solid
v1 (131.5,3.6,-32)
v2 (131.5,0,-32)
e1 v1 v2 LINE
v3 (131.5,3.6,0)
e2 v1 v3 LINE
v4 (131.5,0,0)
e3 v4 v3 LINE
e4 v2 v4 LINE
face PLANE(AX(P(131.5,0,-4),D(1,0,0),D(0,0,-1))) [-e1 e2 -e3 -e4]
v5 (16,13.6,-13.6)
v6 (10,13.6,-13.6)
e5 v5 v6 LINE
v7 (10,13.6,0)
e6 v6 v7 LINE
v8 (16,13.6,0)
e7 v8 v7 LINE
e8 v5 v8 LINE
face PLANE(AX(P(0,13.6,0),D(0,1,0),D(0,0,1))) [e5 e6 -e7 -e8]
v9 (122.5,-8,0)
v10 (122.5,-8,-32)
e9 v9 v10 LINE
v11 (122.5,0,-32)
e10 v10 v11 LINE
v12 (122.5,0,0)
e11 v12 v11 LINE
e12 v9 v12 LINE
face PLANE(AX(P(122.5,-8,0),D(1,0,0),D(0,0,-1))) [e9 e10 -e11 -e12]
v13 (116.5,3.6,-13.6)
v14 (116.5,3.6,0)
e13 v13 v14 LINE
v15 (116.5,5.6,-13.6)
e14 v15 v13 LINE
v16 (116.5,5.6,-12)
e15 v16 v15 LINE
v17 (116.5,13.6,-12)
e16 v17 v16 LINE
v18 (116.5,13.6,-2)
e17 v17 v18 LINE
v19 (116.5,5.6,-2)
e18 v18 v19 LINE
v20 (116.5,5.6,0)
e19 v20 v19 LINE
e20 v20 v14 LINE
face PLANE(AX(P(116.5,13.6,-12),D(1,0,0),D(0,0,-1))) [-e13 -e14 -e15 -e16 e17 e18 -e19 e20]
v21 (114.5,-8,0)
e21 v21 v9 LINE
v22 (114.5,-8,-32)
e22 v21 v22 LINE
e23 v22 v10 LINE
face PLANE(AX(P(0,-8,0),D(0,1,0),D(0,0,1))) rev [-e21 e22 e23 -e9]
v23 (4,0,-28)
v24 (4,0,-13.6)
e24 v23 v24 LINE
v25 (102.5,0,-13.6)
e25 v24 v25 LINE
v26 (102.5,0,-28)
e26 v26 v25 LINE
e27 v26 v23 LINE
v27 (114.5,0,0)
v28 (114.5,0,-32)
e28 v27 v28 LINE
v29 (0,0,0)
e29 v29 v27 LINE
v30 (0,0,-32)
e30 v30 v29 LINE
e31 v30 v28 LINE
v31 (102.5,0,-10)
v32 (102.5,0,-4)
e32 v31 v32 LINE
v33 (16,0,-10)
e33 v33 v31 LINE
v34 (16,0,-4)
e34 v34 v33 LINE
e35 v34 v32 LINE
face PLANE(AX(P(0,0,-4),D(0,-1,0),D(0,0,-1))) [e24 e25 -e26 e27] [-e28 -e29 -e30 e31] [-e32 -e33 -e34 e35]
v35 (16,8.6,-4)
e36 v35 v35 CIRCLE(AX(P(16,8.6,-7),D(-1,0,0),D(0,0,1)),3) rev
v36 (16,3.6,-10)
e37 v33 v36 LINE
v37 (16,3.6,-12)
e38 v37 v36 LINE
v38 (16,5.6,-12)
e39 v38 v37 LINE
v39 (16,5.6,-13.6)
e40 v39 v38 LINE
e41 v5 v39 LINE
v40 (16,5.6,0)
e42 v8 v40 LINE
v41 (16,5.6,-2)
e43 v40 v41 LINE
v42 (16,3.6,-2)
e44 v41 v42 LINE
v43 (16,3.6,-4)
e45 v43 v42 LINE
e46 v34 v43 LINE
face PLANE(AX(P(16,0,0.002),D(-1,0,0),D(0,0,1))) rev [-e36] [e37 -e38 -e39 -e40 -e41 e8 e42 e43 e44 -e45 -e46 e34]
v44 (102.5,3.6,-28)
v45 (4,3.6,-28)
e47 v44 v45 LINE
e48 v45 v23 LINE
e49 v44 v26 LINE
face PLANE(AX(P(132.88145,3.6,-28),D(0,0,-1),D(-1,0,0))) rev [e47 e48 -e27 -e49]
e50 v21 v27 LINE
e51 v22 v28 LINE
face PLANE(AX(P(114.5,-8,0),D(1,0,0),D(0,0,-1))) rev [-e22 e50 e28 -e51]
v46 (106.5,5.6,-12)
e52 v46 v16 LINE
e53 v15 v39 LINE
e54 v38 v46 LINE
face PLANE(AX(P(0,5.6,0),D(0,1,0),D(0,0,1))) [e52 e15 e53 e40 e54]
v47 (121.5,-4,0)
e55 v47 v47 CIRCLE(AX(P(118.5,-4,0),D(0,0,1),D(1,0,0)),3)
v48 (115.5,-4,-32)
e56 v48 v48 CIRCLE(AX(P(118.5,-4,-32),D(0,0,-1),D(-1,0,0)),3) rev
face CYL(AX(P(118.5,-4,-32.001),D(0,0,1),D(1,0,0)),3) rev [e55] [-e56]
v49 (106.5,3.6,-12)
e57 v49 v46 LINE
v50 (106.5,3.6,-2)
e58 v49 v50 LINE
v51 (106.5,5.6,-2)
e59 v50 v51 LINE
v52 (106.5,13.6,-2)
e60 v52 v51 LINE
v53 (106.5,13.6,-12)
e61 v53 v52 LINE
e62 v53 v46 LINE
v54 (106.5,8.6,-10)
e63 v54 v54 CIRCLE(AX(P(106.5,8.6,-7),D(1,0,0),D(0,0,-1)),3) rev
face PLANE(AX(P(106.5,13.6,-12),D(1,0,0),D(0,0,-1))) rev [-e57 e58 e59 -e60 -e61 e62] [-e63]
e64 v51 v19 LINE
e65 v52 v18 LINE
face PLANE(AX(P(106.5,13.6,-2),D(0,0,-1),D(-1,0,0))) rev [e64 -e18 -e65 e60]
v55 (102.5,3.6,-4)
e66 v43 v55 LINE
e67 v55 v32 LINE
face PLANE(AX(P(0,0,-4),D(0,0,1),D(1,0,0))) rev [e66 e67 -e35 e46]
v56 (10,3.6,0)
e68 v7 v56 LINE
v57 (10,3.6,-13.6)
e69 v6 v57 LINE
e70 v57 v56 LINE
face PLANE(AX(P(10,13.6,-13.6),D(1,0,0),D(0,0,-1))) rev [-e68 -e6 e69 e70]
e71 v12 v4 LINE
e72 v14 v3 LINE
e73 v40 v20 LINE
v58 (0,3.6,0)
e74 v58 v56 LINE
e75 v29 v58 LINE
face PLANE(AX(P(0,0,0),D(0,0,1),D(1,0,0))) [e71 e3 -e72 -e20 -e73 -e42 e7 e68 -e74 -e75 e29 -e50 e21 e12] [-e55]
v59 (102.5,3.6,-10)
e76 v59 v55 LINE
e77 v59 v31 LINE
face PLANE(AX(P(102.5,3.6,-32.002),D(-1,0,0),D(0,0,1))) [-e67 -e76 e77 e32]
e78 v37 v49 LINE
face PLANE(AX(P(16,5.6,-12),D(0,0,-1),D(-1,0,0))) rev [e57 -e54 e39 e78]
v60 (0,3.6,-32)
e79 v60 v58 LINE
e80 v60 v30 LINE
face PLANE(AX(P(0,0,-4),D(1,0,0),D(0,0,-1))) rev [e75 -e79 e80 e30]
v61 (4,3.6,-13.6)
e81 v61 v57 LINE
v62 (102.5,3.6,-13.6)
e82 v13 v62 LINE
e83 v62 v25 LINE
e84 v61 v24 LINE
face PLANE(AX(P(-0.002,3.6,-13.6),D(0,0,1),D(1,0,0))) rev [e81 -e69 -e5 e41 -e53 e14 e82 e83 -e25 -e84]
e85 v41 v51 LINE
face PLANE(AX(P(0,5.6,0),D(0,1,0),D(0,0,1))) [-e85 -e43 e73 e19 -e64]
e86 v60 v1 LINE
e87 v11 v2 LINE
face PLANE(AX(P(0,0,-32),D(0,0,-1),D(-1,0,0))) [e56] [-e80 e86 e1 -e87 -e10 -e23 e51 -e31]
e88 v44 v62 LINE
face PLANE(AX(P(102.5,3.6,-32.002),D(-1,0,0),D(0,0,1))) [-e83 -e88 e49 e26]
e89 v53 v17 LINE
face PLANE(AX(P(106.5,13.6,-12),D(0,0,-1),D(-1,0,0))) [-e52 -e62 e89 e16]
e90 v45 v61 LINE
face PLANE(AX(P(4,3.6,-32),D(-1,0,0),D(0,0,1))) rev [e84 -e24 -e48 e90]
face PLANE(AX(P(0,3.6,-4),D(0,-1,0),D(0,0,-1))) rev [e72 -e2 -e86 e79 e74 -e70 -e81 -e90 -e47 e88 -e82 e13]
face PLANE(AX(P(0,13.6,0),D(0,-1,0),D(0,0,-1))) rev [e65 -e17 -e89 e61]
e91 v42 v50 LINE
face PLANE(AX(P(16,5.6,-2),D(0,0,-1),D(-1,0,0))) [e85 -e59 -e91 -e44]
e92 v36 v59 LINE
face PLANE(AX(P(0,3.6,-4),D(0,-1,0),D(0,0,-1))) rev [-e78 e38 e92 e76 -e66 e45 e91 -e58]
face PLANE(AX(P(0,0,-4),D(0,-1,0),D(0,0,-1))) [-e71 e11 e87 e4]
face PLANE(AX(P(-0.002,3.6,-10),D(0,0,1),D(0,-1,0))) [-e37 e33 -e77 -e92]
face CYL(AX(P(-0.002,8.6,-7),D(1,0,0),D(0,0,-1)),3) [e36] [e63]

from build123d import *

# Parameters (mm, degrees)
SKETCH_1_W          = 131.5
SKETCH_1_H          = 3.6
EXTRUDE_1_DEPTH     = 4
SKETCH_2_W          = 4
SKETCH_2_H          = 3.6
EXTRUDE_2_DEPTH     = 28
SKETCH_3_W          = 4
SKETCH_3_H          = 3.6
EXTRUDE_3_DEPTH     = 28
SKETCH_4_W          = 4
SKETCH_4_H          = 3.6
EXTRUDE_4_DEPTH     = 123.5
SKETCH_5_W          = 8
SKETCH_5_H          = 32
EXTRUDE_5_DEPTH     = 8
CUT_EXTRUDE_1_REACH = 137.574
SKETCH_6_R          = 3
EXTRUDE_6_REACH     = 136.686
SKETCH_7_W          = 25
SKETCH_7_H          = 3.6
EXTRUDE_7_REACH     = 109.677
SKETCH_8_W          = 3.6
SKETCH_8_H          = 3.6
SKETCH_13_W         = 10
SKETCH_13_H         = 10
EXTRUDE_8_DEPTH     = 10
EXTRUDE_9_REACH     = 136.019
SKETCH_14_W         = 12
SKETCH_14_H         = 3.6
SKETCH_15_W         = 6
SKETCH_15_H         = 13.6
EXTRUDE_10_DEPTH    = 10
EXTRUDE_11_REACH    = 114.032
SKETCH_16_R         = 3
SKETCH_17_W         = 100.5
SKETCH_17_H         = 2
EXTRUDE_12_DEPTH    = 2
SKETCH_18_W         = 100.5
SKETCH_18_H         = 1.6
EXTRUDE_13_DEPTH    = 2


with BuildPart() as part:
    # 草图1 → 凸台-拉伸1 (new body)
    with BuildSketch(Plane.XY):
        with Locations((65.75, 1.8)):
            Rectangle(SKETCH_1_W, SKETCH_1_H)
    extrude(amount=-EXTRUDE_1_DEPTH)

    # 草图2 → 凸台-拉伸2 (add)
    with BuildSketch(Plane(origin=(0, 0, -4), x_dir=(-1, 0, 0), z_dir=(0, 0, -1))):
        with Locations((-2, 1.8)):
            Rectangle(SKETCH_2_W, SKETCH_2_H)
    extrude(amount=EXTRUDE_2_DEPTH)

    # 草图3 → 凸台-拉伸3 (add)
    with BuildSketch(Plane(origin=(0, 0, -4), x_dir=(-1, 0, 0), z_dir=(0, 0, -1))):
        with Locations((-129.5, 1.8)):
            Rectangle(SKETCH_3_W, SKETCH_3_H)
    extrude(amount=EXTRUDE_3_DEPTH)

    # 草图4 → 凸台-拉伸4 (add)
    with BuildSketch(Plane(origin=(4, 0, 0), x_dir=(0, 0, -1), z_dir=(1, 0, 0))):
        with Locations((30, 1.8)):
            Rectangle(SKETCH_4_W, SKETCH_4_H)
    extrude(amount=EXTRUDE_4_DEPTH)

    # 草图5 → 凸台-拉伸5 (add)
    with BuildSketch(Plane.XZ):
        with Locations((118.5, -16)):
            Rectangle(SKETCH_5_W, SKETCH_5_H)
    extrude(amount=EXTRUDE_5_DEPTH)

    # 草图6 → 切除-拉伸1 (cut, up to next)
    with BuildSketch(Plane.XY, mode=Mode.PRIVATE) as cut_extrude_1_sk1:
        with Locations((118.5, -4)):
            Circle(SKETCH_6_R)
    cut_extrude_1_tool1 = extrude(cut_extrude_1_sk1.sketch, amount=-CUT_EXTRUDE_1_REACH, mode=Mode.PRIVATE) & part.part
    add(cut_extrude_1_tool1.solids().sort_by_distance((118.5, -4, 0))[0], mode=Mode.SUBTRACT)

    # 草图7 → 凸台-拉伸6 (add, up to next)
    with BuildSketch(Plane(origin=(0, 0, -4), x_dir=(-1, 0, 0), z_dir=(0, 0, -1)), mode=Mode.PRIVATE) as extrude_6_sk1:
        with Locations((-115, 1.8)):
            Rectangle(SKETCH_7_W, SKETCH_7_H)
    extrude_6_tool1 = extrude(extrude_6_sk1.sketch, amount=EXTRUDE_6_REACH, mode=Mode.PRIVATE) - part.part
    add(extrude_6_tool1.solids().sort_by_distance((115, 1.8, -4))[0])

    # 草图8 → 凸台-拉伸7 (add, up to next)
    with BuildSketch(Plane.ZY.offset(-102.5), mode=Mode.PRIVATE) as extrude_7_sk1:
        with Locations((-11.8, 1.8)):
            Rectangle(SKETCH_8_W, SKETCH_8_H)
    extrude_7_tool1 = extrude(extrude_7_sk1.sketch, amount=EXTRUDE_7_REACH, mode=Mode.PRIVATE) - part.part
    add(extrude_7_tool1.solids().sort_by_distance((102.5, 1.8, -11.8))[0])

    # 草图13 → 凸台-拉伸8 (add)
    with BuildSketch(Plane(origin=(0, 3.6, 0), x_dir=(1, 0, 0), z_dir=(0, 1, 0))):
        with Locations((111.5, 7)):
            Rectangle(SKETCH_13_W, SKETCH_13_H)
    extrude(amount=EXTRUDE_8_DEPTH)

    # 草图14 → 凸台-拉伸9 (add, up to next)
    with BuildSketch(Plane.XY.offset(-10), mode=Mode.PRIVATE) as extrude_9_sk1:
        with Locations((10, 1.8)):
            Rectangle(SKETCH_14_W, SKETCH_14_H)
    extrude_9_tool1 = extrude(extrude_9_sk1.sketch, amount=EXTRUDE_9_REACH, mode=Mode.PRIVATE) - part.part
    add(extrude_9_tool1.solids().sort_by_distance((10, 1.8, -10))[0])

    # 草图15 → 凸台-拉伸10 (add)
    with BuildSketch(Plane(origin=(0, 3.6, 0), x_dir=(1, 0, 0), z_dir=(0, 1, 0))):
        with Locations((13, 6.8)):
            Rectangle(SKETCH_15_W, SKETCH_15_H)
    extrude(amount=EXTRUDE_10_DEPTH)

    # 草图16 → 凸台-拉伸11 (add, up to next)
    with BuildSketch(Plane.ZY.offset(-106.5), mode=Mode.PRIVATE) as extrude_11_sk1:
        with Locations(Location((-7, 8.6, 0), (0, 0, 180))):
            Circle(SKETCH_16_R)
    extrude_11_tool1 = extrude(extrude_11_sk1.sketch, amount=EXTRUDE_11_REACH, mode=Mode.PRIVATE) - part.part
    add(extrude_11_tool1.solids().sort_by_distance((106.5, 8.6, -7))[0])

    # 草图17 → 凸台-拉伸12 (add)
    with BuildSketch(Plane(origin=(0, 3.6, 0), x_dir=(1, 0, 0), z_dir=(0, 1, 0))):
        with Locations((66.25, 1)):
            Rectangle(SKETCH_17_W, SKETCH_17_H)
    extrude(amount=EXTRUDE_12_DEPTH)

    # 草图18 → 凸台-拉伸13 (add)
    with BuildSketch(Plane(origin=(0, 3.6, 0), x_dir=(1, 0, 0), z_dir=(0, 1, 0))):
        with Locations((66.25, 12.8)):
            Rectangle(SKETCH_18_W, SKETCH_18_H)
    extrude(amount=EXTRUDE_13_DEPTH)


solid = part.part
